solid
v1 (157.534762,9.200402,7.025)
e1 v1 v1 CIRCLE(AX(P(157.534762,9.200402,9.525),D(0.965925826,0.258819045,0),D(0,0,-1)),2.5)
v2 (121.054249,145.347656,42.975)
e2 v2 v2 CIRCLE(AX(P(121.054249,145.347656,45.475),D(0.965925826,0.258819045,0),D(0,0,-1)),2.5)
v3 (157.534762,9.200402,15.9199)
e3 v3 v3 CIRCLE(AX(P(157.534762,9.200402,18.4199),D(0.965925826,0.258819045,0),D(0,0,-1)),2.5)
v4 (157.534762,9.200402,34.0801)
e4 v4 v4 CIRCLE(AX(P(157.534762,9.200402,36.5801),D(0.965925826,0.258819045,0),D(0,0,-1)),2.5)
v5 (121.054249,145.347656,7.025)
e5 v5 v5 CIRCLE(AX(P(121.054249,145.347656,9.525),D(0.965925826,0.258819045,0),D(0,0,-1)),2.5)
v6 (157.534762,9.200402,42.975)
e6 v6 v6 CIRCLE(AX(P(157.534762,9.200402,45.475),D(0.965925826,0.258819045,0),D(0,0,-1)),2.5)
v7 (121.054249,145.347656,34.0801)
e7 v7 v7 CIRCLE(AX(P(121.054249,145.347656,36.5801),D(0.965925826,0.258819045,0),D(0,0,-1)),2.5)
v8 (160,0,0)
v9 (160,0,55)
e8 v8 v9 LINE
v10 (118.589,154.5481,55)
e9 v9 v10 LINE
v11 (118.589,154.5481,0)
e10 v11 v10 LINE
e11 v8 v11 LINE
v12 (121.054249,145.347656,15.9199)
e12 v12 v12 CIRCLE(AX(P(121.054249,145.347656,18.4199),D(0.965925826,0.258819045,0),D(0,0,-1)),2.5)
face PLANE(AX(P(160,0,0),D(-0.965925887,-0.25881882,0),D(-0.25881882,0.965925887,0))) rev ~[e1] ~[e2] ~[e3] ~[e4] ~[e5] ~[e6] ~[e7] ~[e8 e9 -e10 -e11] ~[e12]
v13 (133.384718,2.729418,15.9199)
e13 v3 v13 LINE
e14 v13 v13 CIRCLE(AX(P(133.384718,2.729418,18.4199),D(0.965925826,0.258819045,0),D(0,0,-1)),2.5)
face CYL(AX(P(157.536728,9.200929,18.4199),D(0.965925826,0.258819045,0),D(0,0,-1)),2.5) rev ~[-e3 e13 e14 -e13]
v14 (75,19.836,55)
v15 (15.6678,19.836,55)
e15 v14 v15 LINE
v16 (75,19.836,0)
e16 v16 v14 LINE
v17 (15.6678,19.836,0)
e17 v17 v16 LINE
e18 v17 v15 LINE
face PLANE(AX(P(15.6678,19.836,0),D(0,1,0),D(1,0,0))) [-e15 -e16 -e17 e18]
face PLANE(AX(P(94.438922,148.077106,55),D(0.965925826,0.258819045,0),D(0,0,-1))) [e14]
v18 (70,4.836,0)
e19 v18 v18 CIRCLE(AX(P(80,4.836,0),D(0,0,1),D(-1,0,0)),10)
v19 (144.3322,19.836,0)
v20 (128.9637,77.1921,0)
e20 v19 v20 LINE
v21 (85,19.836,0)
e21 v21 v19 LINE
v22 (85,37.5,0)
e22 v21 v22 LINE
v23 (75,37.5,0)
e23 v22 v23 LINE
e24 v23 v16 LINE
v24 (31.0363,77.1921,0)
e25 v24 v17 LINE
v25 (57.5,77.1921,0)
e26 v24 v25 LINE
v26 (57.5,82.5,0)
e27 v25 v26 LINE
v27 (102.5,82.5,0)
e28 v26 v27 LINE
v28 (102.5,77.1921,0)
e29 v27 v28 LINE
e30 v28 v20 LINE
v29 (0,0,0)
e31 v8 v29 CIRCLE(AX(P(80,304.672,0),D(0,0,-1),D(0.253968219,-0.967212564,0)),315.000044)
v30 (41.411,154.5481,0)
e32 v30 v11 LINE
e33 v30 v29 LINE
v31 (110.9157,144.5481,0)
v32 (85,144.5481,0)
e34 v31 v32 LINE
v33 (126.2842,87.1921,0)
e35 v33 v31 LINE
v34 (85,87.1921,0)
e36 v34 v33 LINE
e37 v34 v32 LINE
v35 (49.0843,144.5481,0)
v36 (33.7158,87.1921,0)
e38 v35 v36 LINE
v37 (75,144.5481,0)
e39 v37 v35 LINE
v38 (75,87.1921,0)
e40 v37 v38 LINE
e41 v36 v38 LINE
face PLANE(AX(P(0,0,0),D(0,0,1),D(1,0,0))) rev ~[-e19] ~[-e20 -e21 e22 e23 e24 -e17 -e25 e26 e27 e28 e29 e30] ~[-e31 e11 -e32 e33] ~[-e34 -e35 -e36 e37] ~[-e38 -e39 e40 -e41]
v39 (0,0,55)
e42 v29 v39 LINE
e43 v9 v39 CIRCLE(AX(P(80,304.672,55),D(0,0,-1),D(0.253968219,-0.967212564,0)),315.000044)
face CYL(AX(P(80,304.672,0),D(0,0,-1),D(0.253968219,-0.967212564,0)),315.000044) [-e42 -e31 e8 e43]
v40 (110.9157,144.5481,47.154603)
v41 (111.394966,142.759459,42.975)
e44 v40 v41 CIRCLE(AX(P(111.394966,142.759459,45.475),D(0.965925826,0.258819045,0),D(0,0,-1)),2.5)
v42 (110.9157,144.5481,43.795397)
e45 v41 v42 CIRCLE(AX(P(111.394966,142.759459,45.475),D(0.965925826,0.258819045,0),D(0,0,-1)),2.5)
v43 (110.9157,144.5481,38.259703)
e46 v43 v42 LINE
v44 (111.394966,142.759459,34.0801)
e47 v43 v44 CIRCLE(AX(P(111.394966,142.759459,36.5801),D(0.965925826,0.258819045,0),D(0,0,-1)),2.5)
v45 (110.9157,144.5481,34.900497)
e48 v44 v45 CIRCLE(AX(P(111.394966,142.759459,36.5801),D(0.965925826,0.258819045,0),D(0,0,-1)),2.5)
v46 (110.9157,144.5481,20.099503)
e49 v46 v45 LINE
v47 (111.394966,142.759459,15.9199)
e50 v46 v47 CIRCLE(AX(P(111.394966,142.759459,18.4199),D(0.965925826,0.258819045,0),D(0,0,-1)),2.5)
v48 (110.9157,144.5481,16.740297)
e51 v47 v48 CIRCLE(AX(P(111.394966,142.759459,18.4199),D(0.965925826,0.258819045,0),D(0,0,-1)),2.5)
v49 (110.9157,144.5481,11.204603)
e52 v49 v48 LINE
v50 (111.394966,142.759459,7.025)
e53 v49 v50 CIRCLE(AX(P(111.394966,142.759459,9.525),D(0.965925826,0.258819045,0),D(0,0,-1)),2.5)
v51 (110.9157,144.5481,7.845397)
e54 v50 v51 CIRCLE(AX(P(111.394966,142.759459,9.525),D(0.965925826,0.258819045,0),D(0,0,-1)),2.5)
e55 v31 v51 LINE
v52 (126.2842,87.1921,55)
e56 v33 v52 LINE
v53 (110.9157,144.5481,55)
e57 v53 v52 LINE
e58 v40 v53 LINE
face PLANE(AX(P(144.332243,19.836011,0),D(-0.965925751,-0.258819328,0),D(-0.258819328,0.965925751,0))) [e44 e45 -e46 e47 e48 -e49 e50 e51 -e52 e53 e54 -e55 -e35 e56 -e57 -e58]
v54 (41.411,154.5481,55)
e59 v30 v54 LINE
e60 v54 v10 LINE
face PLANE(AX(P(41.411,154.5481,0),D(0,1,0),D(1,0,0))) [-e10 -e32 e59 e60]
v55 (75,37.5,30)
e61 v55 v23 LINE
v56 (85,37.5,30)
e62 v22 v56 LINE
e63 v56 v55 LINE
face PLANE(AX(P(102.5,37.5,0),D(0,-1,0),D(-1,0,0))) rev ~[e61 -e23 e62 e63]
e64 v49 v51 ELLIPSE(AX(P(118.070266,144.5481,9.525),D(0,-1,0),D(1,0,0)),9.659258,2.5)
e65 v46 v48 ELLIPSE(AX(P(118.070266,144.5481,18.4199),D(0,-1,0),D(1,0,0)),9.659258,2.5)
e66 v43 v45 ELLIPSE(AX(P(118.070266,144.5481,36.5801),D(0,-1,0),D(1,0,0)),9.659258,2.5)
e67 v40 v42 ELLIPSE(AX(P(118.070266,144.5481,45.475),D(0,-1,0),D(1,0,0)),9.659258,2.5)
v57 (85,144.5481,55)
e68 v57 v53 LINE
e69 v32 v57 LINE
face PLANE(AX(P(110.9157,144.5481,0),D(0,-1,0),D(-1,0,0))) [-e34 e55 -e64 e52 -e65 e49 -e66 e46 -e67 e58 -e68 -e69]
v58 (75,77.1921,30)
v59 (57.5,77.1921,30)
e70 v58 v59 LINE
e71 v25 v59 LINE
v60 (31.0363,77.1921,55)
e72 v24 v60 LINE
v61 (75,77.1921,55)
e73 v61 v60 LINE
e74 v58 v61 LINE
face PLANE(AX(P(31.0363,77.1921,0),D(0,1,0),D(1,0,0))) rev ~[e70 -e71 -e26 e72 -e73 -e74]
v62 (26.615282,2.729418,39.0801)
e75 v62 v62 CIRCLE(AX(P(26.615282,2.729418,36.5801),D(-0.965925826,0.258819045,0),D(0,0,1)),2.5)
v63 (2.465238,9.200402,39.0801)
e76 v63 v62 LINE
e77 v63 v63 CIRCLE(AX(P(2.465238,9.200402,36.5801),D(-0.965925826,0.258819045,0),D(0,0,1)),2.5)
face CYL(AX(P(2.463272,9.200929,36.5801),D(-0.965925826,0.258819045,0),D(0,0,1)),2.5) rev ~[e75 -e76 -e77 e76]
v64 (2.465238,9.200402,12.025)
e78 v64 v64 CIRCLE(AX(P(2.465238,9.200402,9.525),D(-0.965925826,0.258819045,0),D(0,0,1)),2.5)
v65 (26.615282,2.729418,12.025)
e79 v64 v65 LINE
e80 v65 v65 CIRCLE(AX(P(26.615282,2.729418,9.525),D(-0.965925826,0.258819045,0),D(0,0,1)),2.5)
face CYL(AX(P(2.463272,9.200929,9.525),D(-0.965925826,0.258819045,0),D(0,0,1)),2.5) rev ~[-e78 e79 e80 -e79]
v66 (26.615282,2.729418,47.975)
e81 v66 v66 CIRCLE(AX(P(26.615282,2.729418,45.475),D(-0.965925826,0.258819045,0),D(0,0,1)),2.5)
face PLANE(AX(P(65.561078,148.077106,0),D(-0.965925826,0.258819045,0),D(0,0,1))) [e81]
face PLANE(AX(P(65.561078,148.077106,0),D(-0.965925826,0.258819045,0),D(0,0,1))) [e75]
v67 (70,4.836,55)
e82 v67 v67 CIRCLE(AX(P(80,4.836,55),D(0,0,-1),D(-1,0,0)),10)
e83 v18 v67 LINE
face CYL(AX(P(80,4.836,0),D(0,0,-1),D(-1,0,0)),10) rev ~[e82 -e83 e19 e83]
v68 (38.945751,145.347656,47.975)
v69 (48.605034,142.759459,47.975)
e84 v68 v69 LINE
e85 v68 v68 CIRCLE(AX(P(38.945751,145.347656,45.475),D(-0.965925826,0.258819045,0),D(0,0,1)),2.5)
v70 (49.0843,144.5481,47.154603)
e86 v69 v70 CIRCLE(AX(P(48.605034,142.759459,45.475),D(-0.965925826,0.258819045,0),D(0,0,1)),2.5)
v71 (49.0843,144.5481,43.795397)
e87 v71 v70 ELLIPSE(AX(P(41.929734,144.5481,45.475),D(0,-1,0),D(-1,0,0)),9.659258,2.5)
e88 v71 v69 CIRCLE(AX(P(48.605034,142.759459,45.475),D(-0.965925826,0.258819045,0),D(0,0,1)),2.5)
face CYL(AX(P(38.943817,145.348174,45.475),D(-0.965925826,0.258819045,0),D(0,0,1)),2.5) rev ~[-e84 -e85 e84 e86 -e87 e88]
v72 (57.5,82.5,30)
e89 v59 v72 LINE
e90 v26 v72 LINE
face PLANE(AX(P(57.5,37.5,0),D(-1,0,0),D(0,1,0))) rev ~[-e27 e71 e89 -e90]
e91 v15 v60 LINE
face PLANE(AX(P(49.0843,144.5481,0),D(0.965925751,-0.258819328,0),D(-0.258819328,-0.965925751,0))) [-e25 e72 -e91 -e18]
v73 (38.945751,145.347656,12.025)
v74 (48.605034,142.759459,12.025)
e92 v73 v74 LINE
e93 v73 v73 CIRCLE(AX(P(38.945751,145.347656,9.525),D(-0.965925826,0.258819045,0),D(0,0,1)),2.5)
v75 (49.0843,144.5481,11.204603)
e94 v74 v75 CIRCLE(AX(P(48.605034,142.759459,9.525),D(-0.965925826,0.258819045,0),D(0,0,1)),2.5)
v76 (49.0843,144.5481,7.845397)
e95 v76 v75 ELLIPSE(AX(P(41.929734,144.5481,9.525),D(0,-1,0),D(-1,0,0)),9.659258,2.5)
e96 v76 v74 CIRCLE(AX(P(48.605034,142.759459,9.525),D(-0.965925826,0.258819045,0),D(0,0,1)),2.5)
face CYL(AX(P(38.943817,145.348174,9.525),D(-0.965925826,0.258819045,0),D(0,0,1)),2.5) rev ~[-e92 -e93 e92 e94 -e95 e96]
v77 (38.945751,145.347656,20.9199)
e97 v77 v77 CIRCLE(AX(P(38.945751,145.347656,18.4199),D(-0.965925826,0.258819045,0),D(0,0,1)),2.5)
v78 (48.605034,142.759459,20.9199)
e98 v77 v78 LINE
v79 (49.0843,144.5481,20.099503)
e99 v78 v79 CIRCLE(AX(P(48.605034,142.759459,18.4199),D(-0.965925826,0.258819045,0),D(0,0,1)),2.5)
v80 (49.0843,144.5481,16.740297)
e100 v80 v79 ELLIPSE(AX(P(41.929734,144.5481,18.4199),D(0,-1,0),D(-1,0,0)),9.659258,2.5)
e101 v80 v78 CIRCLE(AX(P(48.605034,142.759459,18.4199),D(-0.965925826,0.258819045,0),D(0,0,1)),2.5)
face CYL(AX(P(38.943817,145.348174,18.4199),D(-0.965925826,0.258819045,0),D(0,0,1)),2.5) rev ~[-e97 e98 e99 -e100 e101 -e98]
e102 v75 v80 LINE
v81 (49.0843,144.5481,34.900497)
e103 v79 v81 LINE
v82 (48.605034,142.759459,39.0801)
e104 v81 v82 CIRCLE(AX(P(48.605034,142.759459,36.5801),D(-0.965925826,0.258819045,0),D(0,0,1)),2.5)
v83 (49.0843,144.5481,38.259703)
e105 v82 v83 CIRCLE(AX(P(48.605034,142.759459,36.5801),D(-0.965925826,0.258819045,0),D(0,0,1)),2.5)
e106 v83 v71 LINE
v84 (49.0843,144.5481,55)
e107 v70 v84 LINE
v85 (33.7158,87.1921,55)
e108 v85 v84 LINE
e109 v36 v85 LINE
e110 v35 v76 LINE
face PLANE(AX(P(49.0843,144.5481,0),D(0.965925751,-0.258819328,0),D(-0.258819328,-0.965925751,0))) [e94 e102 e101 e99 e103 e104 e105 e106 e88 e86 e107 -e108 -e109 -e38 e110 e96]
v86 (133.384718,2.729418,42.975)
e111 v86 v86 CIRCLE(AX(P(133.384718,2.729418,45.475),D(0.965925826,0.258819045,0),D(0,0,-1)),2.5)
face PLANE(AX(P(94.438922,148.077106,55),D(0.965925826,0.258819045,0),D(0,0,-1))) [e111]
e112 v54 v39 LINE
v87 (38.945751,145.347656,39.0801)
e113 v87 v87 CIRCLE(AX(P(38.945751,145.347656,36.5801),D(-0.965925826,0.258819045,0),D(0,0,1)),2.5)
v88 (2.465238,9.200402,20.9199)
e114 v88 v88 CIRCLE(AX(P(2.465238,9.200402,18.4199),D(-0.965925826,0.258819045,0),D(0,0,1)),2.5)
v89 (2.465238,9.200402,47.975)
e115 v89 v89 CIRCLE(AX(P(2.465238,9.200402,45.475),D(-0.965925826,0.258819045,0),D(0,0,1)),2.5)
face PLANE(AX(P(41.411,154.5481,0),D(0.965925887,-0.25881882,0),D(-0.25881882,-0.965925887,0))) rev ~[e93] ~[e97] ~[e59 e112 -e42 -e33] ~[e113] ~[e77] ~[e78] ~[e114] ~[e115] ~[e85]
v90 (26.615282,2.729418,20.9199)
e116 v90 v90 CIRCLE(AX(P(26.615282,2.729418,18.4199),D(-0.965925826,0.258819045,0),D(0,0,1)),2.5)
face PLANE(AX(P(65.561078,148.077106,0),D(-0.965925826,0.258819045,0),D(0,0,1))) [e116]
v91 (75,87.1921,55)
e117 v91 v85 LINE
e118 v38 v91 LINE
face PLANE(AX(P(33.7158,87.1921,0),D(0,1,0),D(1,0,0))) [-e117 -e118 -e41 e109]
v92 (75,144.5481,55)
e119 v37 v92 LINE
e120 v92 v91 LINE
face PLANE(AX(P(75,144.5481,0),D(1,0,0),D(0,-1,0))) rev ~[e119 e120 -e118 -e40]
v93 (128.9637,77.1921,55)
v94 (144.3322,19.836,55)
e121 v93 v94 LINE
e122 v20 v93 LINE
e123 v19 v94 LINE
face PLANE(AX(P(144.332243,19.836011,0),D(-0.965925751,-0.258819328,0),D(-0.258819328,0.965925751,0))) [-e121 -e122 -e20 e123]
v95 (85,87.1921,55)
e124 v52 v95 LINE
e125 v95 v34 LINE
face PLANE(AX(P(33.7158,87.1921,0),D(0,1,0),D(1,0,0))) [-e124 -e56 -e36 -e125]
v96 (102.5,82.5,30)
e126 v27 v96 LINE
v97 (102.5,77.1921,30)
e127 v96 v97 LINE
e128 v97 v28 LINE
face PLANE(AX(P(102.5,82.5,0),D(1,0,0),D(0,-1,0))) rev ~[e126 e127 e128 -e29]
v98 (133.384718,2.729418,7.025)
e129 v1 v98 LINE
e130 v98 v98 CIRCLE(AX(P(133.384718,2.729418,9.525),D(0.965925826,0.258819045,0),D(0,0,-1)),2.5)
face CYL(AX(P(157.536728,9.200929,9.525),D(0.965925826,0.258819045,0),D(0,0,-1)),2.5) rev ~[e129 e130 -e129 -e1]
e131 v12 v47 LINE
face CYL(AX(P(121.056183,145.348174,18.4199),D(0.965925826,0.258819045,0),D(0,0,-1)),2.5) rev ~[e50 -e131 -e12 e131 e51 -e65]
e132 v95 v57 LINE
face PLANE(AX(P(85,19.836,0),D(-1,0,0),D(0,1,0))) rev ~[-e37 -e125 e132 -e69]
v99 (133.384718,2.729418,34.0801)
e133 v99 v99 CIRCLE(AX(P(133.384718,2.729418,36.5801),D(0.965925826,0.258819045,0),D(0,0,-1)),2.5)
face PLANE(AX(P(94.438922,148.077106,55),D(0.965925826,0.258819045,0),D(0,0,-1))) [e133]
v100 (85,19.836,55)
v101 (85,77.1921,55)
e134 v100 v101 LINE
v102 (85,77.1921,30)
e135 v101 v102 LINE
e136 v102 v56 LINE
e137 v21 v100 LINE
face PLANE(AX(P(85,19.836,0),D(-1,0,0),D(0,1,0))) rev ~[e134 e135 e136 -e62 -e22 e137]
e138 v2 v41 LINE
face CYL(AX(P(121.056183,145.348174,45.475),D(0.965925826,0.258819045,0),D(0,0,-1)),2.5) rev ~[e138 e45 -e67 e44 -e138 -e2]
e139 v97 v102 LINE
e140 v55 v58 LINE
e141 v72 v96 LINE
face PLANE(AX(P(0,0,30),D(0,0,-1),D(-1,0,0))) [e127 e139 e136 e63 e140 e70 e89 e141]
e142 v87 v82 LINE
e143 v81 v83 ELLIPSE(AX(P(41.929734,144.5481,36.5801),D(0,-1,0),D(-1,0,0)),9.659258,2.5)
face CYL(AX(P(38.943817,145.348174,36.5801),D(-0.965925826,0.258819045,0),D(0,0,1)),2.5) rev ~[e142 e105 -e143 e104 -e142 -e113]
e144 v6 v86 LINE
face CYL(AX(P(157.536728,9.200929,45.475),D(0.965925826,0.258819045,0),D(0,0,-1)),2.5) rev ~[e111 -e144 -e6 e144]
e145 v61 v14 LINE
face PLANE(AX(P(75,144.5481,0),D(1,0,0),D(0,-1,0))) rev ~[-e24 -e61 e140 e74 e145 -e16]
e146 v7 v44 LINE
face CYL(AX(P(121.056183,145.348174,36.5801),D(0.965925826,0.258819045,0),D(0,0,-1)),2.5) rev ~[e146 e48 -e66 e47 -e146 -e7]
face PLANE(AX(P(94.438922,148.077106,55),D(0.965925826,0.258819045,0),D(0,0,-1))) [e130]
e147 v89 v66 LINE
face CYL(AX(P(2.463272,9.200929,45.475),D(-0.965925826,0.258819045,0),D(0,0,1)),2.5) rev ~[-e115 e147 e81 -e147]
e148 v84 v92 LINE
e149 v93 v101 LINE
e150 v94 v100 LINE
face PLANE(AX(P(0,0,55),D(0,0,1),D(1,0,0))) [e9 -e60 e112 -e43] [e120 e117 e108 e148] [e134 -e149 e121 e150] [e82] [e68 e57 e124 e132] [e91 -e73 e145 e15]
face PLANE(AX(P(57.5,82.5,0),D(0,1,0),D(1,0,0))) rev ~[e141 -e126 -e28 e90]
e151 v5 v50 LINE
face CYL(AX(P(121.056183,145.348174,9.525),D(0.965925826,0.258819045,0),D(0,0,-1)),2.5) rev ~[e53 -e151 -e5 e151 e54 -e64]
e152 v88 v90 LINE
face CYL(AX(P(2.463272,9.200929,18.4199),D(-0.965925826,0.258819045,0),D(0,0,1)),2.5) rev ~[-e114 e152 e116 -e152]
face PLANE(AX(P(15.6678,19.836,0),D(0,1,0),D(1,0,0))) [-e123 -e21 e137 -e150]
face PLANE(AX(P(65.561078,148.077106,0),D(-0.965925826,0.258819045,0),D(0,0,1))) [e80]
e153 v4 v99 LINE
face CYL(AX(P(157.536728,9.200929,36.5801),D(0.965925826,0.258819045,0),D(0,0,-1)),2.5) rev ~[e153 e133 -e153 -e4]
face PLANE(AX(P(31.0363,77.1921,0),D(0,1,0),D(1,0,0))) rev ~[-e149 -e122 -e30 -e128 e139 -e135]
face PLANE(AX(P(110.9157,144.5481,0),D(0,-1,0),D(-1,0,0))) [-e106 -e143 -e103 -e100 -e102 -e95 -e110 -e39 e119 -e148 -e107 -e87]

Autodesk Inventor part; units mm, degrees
ref_plane "YZ Plane" through (0, 0, 0) normal (1, 0, 0) x (0, 1, 0)
ref_plane "XZ Plane" through (0, 0, 0) normal (0, 1, 0) x (-1, 0, 0)
ref_plane "XY Plane" through (0, 0, 0) normal (0, 0, 1) x (1, 0, 0)
sketch "Sketch1" plane through (0, 0, 0) normal (0, 0, 1) x (1, 0, 0)
  line L0 (0, 0) -> (160, 0)
  line L1 (160, 0) -> (118.589, 154.5481)
  line L2 (41.411, 154.5481) -> (0, 0)
  line L3 (41.411, 154.5481) -> (118.589, 154.5481)
  dimension "d0" = 160
  dimension "d1" = 160
  dimension "d2" = 75
  dimension "d8" = 75
extrude "Extrusion1" add sketch "Sketch1" along normal blind 55
sketch "Sketch7" plane through (0, 0, 0) normal (0, 0, -1) x (-1, 0, 0)
  circle A0 centre (-80, 304.672) radius 315 construction
  line L0 (0, 0) -> (-160, 0) projected
  arc A1 (-160, 0) -> (0, 0) centre (-80, 304.672) ccw
  dimension "d28" = 630
extrude "Extrusion6" add sketch "Sketch7" against normal blind 55
sketch "Sketch19" plane through (0, 0, 0) normal (0, 0, -1) x (-1, 0, 0)
  circle A0 centre (-80, 4.836) radius 10
  line L0 (-118.589, 154.5481) -> (-41.411, 154.5481) projected
  line L1 (-80, 154.5481) -> (-80, -10.328)
  arc A1 (-160, 0) -> (0, 0) centre (-80, 304.672) ccw projected
  dimension "d112" = 20
  dimension "d113" = 15.164
extrude "Extrusion19" cut sketch "Sketch19" against normal through all
sketch "Sketch20" plane through (0, 0, 0) normal (0, 0, -1) x (-1, 0, 0)
  line L0 (-41.411, 154.5481) -> (0, 0) projected
  circle A0 centre (-80, 4.836) radius 10 projected
  line L1 (-41.411, 154.5481) -> (0, 0) projected
  line L2 (-118.589, 154.5481) -> (-41.411, 154.5481) projected
  line L3 (-160, 0) -> (-118.589, 154.5481) projected
  arc A1 (-160, 0) -> (0, 0) centre (-80, 304.672) ccw projected
  line L4 (-49.0843, 144.5481) -> (-12.3033, 7.2797)
  arc A2 (-147.6967, 7.2797) -> (-12.3033, 7.2797) centre (-80, 304.672) ccw
  line L5 (-147.6967, 7.2797) -> (-110.9157, 144.5481)
  line L6 (-110.9157, 144.5481) -> (-49.0843, 144.5481)
  line L7 (-15.6678, 19.836) -> (-144.3322, 19.836)
  dimension "d116" = 10
  dimension "d119" = 15
extrude "Extrusion20" cut sketch "Sketch20" against normal through all contours L5 L6 L4 L7
sketch "Sketch21" plane through (0, 0, 0) normal (0, 0, -1) x (-1, 0, 0)
  line L0 (-110.9157, 144.5481) -> (-49.0843, 144.5481) projected
  line L1 (-75, 144.5481) -> (-75, 19.836)
  line L2 (-15.6678, 19.836) -> (-144.3322, 19.836) projected
  line L3 (-85, 19.836) -> (-85, 144.5481)
  line L4 (-85, 144.5481) -> (-75, 144.5481)
  line L5 (-75, 19.836) -> (-85, 19.836)
  point P0 (0, 0)
  point P1 (-80, 144.5481)
  point P2 (-80, 144.5481)
  dimension "d120" = 10
extrude "Extrusion21" add sketch "Sketch21" against normal blind 55
sketch "Sketch22" plane through (0, 0, 0) normal (0, 0, -1) x (-1, 0, 0)
  line L0 (-15.6678, 19.836) -> (-49.0843, 144.5481) projected
  line L1 (-33.7158, 87.1921) -> (-126.2842, 87.1921)
  line L2 (-110.9157, 144.5481) -> (-144.3322, 19.836) projected
  line L3 (-80, 87.1921) -> (-80, 77.1921)
  line L4 (-31.0363, 77.1921) -> (-128.9637, 77.1921)
  line L5 (-75, 19.836) -> (-75, 144.5481) projected
  line L6 (-33.7158, 87.1921) -> (-31.0363, 77.1921)
  line L7 (-126.2842, 87.1921) -> (-128.9637, 77.1921)
  point P0 (0, 0)
  point P1 (-80, 82.1921)
  point P2 (-75, 82.1921)
  dimension "d124" = 10
extrude "Extrusion22" add sketch "Sketch22" against normal blind 55
sketch "Sketch23" plane through (0, 0, 0) normal (0, 0, -1) x (-1, 0, 0)
  circle A0 centre (-80, 60) radius 55
  line L0 (-118.589, 154.5481) -> (-41.411, 154.5481) projected
  line L1 (-57.5, 82.5) -> (-102.5, 82.5)
  line L2 (-102.5, 82.5) -> (-102.5, 37.5)
  line L3 (-102.5, 37.5) -> (-57.5, 37.5)
  line L4 (-57.5, 37.5) -> (-57.5, 82.5)
  point P0 (0, 0)
  point P1 (-80, 154.5481)
  point P2 (-102.5, 60)
  point P3 (-80, 82.5)
  dimension "d127" = 110
  dimension "d128" = 60
  dimension "d129" = 45
  dimension "d130" = 45
extrude "Extrusion23" cut sketch "Sketch23" against normal blind 30 contours L4 L3 L2 L1
sketch "Sketch24" plane through (118.589, 154.5481, 55) normal (0.9659, 0.2588, 0) x (0, 0, -1)
  line L0 (45.475, -9.525) -> (45.475, -150.475) construction
  line L1 (9.525, -150.475) -> (9.525, -9.525) construction
  line L2 (0, -160) -> (0, 0) construction
  circle A0 centre (45.475, -150.475) radius 2.5
  circle A1 centre (9.525, -150.475) radius 2.5
  circle A2 centre (9.525, -9.525) radius 2.5
  circle A3 centre (45.475, -9.525) radius 2.5
  circle A4 centre (18.4199, -150.475) radius 2.5
  circle A5 centre (36.5801, -150.475) radius 2.5
  circle A6 centre (36.5801, -9.525) radius 2.5
  circle A7 centre (18.4199, -9.525) radius 2.5
  point P0 (55, -118.589)
  point P1 (9.525, -80)
  point P2 (0, -80)
  dimension "d133" = 140.95
  dimension "d134" = 140.95
  dimension "d135" = 9.525
  dimension "d136" = 9.525
  dimension "d137" = 5
  dimension "d138" = 5
  dimension "d139" = 5
  dimension "d140" = 5
  dimension "d141" = 5
  dimension "d142" = 5
  dimension "d143" = 5
  dimension "d144" = 5
  dimension "d145" = 18.4199
  dimension "d146" = 18.4199
extrude "Extrusion24" cut sketch "Sketch24" against normal blind 25
sketch "Sketch25" plane through (41.411, 154.5481, 0) normal (-0.9659, 0.2588, 0) x (0, 0, 1)
  line L0 (45.475, -9.525) -> (45.475, -150.475) construction
  line L1 (9.525, -150.475) -> (9.525, -9.525) construction
  circle A0 centre (45.475, -150.475) radius 2.5
  circle A1 centre (9.525, -150.475) radius 2.5
  circle A2 centre (9.525, -9.525) radius 2.5
  circle A3 centre (45.475, -9.525) radius 2.5
  circle A4 centre (18.4199, -150.475) radius 2.5
  circle A5 centre (36.5801, -150.475) radius 2.5
  circle A6 centre (36.5801, -9.525) radius 2.5
  circle A7 centre (18.4199, -9.525) radius 2.5
  line L2 (0, 0) -> (0, -160) projected
  line L3 (55, 0) -> (55, -160) projected
  point P0 (9.525, -80)
  point P1 (0, -80)
  dimension "d149" = 140.95
  dimension "d150" = 140.95
  dimension "d153" = 5
  dimension "d154" = 5
  dimension "d155" = 5
  dimension "d156" = 5
  dimension "d157" = 5
  dimension "d158" = 5
  dimension "d159" = 5
  dimension "d160" = 5
  dimension "d163" = 9.525
  dimension "d164" = 18.4199
  dimension "d165" = 18.4199
  dimension "d166" = 9.525
extrude "Extrusion25" cut sketch "Sketch25" against normal blind 25
properties part number "CA001" material "ABS Plastic"
